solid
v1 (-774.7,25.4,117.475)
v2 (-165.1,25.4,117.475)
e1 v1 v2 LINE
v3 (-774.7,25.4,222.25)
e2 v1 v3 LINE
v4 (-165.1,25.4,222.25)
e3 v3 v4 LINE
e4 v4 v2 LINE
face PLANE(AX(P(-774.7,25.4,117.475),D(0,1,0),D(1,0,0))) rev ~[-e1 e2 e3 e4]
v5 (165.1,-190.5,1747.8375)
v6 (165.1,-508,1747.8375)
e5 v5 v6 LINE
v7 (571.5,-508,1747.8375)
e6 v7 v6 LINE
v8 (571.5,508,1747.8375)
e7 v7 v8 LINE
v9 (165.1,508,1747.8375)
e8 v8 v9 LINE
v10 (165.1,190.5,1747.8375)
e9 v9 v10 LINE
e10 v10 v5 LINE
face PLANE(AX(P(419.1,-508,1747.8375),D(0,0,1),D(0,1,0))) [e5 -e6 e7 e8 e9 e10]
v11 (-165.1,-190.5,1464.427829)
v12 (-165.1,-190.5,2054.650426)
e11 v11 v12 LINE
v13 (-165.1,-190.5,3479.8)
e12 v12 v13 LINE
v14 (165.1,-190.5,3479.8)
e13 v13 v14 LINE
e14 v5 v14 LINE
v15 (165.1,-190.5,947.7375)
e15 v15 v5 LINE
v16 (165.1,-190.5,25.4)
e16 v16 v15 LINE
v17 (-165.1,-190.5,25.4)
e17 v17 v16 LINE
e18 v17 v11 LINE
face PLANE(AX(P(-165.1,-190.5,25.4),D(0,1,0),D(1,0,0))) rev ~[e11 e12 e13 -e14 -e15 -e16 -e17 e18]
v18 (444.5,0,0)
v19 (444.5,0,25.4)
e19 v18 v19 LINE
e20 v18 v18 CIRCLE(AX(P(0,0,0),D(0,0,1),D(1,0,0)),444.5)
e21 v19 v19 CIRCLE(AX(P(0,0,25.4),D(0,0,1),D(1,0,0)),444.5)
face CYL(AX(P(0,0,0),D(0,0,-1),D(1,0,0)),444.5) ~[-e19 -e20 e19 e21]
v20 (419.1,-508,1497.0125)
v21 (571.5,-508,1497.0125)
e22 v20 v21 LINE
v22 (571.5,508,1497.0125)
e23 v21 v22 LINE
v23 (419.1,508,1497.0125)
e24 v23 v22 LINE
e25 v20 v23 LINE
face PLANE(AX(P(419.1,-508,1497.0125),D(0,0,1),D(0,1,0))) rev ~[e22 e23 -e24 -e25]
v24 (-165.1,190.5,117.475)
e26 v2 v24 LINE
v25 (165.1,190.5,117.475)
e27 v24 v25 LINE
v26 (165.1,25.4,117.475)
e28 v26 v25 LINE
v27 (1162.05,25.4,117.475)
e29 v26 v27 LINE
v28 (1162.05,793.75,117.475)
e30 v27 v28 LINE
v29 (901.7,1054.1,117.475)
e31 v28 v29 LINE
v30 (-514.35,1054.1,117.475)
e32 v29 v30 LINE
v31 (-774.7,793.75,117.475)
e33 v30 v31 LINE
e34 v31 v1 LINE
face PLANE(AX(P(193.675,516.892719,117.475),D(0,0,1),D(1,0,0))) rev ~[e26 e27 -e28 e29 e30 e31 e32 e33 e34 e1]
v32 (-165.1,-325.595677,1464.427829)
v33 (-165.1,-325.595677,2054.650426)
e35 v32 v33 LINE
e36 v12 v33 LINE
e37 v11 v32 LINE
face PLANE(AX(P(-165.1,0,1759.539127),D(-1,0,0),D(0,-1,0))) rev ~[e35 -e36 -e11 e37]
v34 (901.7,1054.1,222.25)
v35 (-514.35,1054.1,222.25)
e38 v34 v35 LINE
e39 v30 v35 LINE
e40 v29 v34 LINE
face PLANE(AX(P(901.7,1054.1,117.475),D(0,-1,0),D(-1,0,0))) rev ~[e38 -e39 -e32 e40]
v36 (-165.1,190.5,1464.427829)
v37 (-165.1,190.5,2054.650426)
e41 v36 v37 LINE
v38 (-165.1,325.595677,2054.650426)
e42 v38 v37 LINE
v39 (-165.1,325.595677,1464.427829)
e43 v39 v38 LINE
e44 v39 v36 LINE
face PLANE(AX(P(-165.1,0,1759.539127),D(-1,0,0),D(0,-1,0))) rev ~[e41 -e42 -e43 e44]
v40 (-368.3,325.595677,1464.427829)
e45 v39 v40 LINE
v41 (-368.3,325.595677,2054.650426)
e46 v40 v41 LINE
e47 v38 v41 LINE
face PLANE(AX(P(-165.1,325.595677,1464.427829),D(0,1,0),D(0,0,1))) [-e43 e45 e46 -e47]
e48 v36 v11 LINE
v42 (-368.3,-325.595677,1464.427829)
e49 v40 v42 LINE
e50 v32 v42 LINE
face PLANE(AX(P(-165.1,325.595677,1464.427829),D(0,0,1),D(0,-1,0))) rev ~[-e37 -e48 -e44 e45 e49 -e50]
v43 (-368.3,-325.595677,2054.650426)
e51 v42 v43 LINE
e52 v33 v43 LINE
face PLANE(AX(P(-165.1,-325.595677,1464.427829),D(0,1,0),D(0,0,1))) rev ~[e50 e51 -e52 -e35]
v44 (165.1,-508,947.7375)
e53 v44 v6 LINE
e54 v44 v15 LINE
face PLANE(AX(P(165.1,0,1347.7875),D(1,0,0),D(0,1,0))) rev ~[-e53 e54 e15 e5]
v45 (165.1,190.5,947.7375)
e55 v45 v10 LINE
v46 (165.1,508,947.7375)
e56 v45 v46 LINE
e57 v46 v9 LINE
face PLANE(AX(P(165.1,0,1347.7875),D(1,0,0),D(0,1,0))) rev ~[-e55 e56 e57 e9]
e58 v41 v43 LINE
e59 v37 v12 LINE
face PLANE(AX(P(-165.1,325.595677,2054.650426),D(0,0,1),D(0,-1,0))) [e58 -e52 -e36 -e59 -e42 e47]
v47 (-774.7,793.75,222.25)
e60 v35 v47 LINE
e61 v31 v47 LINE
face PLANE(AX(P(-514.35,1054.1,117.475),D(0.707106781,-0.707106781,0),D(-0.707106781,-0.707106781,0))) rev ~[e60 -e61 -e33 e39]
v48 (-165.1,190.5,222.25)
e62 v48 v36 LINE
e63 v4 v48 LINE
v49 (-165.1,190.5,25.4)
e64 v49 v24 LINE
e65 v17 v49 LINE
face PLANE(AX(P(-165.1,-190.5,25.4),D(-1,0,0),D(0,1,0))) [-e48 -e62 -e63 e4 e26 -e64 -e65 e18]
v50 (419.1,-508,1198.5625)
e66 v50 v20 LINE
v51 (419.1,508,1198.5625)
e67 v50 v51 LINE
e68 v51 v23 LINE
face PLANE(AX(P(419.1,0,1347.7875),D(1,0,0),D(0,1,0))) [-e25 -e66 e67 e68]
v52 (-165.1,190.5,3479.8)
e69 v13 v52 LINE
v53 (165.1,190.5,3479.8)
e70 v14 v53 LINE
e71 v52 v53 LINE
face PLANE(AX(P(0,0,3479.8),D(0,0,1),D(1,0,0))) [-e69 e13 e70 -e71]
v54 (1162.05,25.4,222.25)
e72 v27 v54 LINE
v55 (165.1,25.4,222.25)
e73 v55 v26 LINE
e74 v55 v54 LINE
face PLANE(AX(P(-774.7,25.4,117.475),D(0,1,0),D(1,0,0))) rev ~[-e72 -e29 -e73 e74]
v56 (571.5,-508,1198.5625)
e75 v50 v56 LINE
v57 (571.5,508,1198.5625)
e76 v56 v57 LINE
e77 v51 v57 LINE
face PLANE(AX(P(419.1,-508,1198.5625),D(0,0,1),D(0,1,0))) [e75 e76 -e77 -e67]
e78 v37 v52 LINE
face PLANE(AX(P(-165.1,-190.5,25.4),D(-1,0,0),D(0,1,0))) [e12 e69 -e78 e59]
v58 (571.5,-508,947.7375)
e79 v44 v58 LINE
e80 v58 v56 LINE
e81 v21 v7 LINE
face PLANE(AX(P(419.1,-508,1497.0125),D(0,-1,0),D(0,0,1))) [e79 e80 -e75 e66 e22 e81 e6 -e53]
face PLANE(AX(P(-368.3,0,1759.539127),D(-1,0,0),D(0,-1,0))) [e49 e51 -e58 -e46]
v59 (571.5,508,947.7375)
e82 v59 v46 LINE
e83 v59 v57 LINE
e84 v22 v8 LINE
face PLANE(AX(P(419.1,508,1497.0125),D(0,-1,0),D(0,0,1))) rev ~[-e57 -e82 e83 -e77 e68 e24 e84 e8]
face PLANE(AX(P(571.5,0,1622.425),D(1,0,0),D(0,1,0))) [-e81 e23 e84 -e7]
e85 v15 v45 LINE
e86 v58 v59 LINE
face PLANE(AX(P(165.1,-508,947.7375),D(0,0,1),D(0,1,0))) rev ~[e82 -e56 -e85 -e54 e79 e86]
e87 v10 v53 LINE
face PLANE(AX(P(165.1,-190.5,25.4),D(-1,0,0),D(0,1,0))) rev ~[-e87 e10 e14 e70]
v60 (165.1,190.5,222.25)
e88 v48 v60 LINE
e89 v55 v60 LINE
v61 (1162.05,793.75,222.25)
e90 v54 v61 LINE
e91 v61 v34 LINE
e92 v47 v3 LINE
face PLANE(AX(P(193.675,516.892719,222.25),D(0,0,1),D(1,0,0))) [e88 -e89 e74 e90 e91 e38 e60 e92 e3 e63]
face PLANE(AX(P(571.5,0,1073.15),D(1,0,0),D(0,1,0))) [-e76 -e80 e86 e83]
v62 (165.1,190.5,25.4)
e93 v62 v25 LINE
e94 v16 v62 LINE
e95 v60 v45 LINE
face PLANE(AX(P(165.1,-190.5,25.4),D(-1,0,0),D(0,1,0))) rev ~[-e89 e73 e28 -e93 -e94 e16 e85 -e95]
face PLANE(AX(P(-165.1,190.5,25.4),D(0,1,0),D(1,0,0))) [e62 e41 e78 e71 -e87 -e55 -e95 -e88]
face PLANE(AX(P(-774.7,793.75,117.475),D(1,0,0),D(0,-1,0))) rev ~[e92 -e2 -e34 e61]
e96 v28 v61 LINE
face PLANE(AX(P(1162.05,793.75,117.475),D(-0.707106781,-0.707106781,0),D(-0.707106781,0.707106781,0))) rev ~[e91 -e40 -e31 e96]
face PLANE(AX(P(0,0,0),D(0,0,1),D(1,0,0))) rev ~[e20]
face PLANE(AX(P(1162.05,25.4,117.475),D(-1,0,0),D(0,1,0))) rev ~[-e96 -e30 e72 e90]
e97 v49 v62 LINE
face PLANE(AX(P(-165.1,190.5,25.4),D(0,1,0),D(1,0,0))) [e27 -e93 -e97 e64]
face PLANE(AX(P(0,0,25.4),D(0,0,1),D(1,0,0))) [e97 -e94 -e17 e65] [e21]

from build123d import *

# Parameters (mm, degrees)
F0_R      = 444.5
F1_DEPTH  = 25.4
F2_W      = 330.2
F2_H      = 381
F3_DEPTH  = 3454.4
F6_DEPTH  = 104.775
F7_W      = 381
F7_H      = 800.1
F7_W_2    = 317.5
F8_DEPTH  = 254
F9_W      = 1016
F9_H      = 250.825
F10_DEPTH = 152.4
F11_W     = 651.1913537979
F11_H     = 590.2225971222
F12_DEPTH = 203.2


with BuildPart() as f1:
    # F0 (on Top) → F1 (new body)
    with BuildSketch(Plane.XY):
        Circle(F0_R)
    extrude(amount=F1_DEPTH)

    # F2 (on face) → F3 (join)
    with BuildSketch(Plane.XY.offset(25.4)):
        Rectangle(F2_W, F2_H)
    extrude(amount=F3_DEPTH)

    # F5 (on offset) → F6 (join)
    with BuildSketch(Plane.XY.offset(117.475)):
        Polygon((-774.7, 25.4), (0, 25.4), (1162.05, 25.4), (1162.05, 793.75), (901.7, 793.75), (901.7, 1054.1), (-514.35, 1054.1), (-514.35, 793.75), (-774.7, 793.75), align=None)
        Polygon((901.7, 793.75), (1162.05, 793.75), (901.7, 1054.1), align=None)
        Polygon((-514.35, 1054.1), (-774.7, 793.75), (-514.35, 793.75), align=None)
    extrude(amount=F6_DEPTH)

    # F7 (on face) → F8 (join)
    with BuildSketch(Plane.YZ.offset(165.1)):
        with Locations((0, 1347.7875)):
            Rectangle(F7_W, F7_H)
        with Locations((-349.25, 1347.7875)):
            Rectangle(F7_W_2, F7_H)
        with Locations((349.25, 1347.7875)):
            Rectangle(F7_W_2, F7_H)
    extrude(amount=F8_DEPTH)

    # F9 (on face) → F10 (join)
    with BuildSketch(Plane.YZ.offset(419.1)):
        with Locations((0, 1622.425)):
            Rectangle(F9_W, F9_H)
        with Locations((0, 1073.15)):
            Rectangle(F9_W, F9_H)
    extrude(amount=F10_DEPTH)

    # F11 (on face) → F12 (join)
    with BuildSketch(Plane(origin=(-165.1, 0, 0), x_dir=(0, -1, 0), z_dir=(-1, 0, 0))):
        with Locations((0, 1759.5391273499)):
            Rectangle(F11_W, F11_H)
    extrude(amount=F12_DEPTH)


solid = f1.part
